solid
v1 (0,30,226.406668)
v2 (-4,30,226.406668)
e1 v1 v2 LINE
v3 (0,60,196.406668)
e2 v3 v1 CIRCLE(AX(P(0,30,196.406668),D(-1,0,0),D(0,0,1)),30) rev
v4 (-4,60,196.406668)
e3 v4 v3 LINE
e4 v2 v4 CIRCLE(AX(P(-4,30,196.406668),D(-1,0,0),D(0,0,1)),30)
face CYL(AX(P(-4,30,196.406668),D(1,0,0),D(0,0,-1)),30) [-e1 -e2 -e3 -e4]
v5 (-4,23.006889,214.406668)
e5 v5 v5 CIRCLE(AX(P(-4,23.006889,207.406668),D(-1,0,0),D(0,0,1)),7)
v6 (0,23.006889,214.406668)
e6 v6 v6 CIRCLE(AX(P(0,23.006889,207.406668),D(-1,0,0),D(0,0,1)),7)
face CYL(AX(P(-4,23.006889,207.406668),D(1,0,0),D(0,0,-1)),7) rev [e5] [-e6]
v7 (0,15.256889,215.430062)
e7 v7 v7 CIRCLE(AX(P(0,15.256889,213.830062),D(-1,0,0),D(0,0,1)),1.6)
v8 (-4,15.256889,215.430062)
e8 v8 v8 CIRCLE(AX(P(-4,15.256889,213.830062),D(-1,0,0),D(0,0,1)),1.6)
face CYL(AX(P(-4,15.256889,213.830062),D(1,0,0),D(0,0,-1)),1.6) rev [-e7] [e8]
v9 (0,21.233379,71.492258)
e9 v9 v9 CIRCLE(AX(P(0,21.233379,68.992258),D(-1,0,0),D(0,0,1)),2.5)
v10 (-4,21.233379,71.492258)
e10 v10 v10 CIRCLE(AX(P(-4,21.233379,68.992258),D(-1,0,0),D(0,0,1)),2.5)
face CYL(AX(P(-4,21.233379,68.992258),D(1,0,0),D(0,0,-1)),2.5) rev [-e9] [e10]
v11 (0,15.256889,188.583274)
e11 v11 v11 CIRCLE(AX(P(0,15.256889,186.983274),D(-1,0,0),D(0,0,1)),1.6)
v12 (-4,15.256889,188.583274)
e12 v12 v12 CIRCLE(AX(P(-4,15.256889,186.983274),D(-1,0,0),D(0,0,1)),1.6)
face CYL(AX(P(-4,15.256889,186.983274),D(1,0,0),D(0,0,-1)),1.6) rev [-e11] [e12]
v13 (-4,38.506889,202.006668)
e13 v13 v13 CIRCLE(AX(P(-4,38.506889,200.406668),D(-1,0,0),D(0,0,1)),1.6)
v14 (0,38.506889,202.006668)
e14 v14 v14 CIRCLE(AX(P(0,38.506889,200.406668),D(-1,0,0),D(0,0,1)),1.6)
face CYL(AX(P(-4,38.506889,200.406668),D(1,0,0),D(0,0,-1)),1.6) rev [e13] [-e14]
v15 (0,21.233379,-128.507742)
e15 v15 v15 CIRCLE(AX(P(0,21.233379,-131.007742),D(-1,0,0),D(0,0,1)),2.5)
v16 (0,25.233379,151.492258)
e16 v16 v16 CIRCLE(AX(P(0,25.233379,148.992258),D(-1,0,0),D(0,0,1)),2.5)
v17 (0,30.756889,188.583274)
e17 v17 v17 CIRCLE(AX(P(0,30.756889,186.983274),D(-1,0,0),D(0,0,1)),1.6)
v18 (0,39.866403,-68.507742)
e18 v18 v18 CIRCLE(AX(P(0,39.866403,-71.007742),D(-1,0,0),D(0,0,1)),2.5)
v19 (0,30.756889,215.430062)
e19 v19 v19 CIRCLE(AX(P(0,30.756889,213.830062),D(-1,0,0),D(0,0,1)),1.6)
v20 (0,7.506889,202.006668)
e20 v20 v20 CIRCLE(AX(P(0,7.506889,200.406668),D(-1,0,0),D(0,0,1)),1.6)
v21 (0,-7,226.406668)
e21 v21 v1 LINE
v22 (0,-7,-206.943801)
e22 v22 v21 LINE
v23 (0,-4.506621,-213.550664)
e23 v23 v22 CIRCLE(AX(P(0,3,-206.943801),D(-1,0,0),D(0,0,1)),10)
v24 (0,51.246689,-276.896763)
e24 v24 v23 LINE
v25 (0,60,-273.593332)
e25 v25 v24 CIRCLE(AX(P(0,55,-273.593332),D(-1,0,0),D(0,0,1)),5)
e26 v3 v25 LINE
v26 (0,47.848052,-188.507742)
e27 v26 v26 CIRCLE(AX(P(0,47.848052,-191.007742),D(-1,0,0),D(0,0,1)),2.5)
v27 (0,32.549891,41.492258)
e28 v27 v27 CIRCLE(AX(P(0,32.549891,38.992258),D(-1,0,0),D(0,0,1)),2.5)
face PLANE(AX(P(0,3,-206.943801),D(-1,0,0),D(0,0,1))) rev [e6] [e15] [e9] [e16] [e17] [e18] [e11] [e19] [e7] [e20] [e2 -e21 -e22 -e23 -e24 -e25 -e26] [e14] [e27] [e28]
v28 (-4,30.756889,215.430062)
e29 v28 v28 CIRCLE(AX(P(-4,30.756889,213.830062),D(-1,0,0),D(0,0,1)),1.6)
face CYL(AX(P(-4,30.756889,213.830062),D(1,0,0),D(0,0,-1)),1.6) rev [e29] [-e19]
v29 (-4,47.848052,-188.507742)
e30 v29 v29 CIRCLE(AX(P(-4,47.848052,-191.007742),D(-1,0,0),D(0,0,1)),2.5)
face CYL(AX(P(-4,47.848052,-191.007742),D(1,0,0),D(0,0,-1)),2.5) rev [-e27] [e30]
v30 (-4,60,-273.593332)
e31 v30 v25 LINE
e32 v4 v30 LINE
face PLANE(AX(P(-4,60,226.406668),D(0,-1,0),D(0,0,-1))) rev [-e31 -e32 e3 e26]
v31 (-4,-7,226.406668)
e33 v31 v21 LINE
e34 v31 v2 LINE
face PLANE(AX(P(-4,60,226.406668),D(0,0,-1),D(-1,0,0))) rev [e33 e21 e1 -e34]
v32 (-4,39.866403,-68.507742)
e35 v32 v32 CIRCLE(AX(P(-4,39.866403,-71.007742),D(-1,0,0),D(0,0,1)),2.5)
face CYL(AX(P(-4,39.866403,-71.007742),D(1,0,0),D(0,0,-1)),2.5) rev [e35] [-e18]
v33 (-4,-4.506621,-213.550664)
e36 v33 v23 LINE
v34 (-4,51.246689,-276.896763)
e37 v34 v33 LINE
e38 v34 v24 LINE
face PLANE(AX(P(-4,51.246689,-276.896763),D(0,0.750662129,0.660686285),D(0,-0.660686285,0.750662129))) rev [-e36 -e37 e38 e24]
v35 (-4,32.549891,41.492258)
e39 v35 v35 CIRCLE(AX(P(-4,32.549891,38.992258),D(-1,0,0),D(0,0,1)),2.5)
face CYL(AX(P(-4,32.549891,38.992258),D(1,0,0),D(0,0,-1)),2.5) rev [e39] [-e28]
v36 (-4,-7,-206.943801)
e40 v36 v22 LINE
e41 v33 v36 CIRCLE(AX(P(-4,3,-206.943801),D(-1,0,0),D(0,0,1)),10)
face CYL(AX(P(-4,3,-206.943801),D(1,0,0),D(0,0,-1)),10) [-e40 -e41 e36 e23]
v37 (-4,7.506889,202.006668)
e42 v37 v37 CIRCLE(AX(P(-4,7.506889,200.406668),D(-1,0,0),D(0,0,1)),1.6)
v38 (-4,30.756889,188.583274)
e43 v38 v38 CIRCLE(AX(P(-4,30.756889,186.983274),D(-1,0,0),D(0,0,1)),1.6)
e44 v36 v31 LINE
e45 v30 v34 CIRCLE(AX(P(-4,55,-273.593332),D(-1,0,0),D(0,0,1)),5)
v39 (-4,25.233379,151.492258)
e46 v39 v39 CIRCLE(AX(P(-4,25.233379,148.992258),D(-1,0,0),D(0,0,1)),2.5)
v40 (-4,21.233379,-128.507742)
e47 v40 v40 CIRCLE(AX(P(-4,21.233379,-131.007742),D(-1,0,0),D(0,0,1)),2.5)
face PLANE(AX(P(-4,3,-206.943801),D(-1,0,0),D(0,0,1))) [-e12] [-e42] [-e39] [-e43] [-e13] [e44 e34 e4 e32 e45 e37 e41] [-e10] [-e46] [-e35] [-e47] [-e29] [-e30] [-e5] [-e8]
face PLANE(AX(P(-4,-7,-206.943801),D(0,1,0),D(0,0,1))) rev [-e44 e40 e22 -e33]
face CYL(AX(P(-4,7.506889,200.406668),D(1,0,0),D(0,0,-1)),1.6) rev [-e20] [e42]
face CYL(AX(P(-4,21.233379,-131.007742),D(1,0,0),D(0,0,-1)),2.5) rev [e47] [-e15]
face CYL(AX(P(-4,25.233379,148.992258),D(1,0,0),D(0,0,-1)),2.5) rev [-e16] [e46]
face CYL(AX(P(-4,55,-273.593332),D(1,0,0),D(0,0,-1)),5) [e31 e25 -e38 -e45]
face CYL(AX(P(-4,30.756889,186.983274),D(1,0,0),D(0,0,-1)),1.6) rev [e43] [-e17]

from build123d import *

# Parameters (mm, degrees)
SKETCH_1_R      = 2.5
SKETCH_1_R_2    = 7
SKETCH_1_R_3    = 1.6
EXTRUDE_1_DEPTH = 4
FILLET_1_R      = 30


with BuildPart() as part:
    # 草图1 → 凸台-拉伸1 (new body)
    with BuildSketch(Plane.ZY):
        with BuildLine():
            Line((-206.943801285, -7), (226.406668198, -7))
            Line((226.406668198, -7), (226.406668198, 60))
            Line((226.406668198, 60), (-273.593331802, 60))
            ThreePointArc((-273.593331802, 60), (-278.27128826, 56.76542442), (-276.896763228, 51.246689353))
            Line((-276.896763228, 51.246689353), (-213.550664137, -4.506621294))
            ThreePointArc((-213.550664137, -4.506621294), (-210.474650125, -6.355912915), (-206.943801285, -7))
        make_face()
        with Locations((-191.007742204, 47.848052121)):
            Circle(SKETCH_1_R, mode=Mode.SUBTRACT)
        with Locations((68.992257796, 21.23337925)):
            Circle(SKETCH_1_R, mode=Mode.SUBTRACT)
        with Locations((38.992257796, 32.549891061)):
            Circle(SKETCH_1_R, mode=Mode.SUBTRACT)
        with Locations((-131.007742204, 21.23337925)):
            Circle(SKETCH_1_R, mode=Mode.SUBTRACT)
        with Locations((207.406668198, 23.006889262)):
            Circle(SKETCH_1_R_2, mode=Mode.SUBTRACT)
        with Locations((148.992257796, 25.23337925)):
            Circle(SKETCH_1_R, mode=Mode.SUBTRACT)
        with Locations((-71.007742204, 39.866402872)):
            Circle(SKETCH_1_R, mode=Mode.SUBTRACT)
        with Locations((213.830061956, 30.756889262)):
            Circle(SKETCH_1_R_3, mode=Mode.SUBTRACT)
        with Locations((200.406668198, 38.506889262)):
            Circle(SKETCH_1_R_3, mode=Mode.SUBTRACT)
        with Locations((186.983274439, 30.756889262)):
            Circle(SKETCH_1_R_3, mode=Mode.SUBTRACT)
        with Locations((186.983274439, 15.256889262)):
            Circle(SKETCH_1_R_3, mode=Mode.SUBTRACT)
        with Locations((200.406668198, 7.506889262)):
            Circle(SKETCH_1_R_3, mode=Mode.SUBTRACT)
        with Locations((213.830061956, 15.256889262)):
            Circle(SKETCH_1_R_3, mode=Mode.SUBTRACT)
    extrude(amount=EXTRUDE_1_DEPTH)

    # 圆角1
    fillet_1_edges = [part.edges().sort_by_distance(p)[0] for p in [
        (-2, 60, 226.406668198),
    ]]
    fillet(fillet_1_edges, radius=FILLET_1_R)


solid = part.part
